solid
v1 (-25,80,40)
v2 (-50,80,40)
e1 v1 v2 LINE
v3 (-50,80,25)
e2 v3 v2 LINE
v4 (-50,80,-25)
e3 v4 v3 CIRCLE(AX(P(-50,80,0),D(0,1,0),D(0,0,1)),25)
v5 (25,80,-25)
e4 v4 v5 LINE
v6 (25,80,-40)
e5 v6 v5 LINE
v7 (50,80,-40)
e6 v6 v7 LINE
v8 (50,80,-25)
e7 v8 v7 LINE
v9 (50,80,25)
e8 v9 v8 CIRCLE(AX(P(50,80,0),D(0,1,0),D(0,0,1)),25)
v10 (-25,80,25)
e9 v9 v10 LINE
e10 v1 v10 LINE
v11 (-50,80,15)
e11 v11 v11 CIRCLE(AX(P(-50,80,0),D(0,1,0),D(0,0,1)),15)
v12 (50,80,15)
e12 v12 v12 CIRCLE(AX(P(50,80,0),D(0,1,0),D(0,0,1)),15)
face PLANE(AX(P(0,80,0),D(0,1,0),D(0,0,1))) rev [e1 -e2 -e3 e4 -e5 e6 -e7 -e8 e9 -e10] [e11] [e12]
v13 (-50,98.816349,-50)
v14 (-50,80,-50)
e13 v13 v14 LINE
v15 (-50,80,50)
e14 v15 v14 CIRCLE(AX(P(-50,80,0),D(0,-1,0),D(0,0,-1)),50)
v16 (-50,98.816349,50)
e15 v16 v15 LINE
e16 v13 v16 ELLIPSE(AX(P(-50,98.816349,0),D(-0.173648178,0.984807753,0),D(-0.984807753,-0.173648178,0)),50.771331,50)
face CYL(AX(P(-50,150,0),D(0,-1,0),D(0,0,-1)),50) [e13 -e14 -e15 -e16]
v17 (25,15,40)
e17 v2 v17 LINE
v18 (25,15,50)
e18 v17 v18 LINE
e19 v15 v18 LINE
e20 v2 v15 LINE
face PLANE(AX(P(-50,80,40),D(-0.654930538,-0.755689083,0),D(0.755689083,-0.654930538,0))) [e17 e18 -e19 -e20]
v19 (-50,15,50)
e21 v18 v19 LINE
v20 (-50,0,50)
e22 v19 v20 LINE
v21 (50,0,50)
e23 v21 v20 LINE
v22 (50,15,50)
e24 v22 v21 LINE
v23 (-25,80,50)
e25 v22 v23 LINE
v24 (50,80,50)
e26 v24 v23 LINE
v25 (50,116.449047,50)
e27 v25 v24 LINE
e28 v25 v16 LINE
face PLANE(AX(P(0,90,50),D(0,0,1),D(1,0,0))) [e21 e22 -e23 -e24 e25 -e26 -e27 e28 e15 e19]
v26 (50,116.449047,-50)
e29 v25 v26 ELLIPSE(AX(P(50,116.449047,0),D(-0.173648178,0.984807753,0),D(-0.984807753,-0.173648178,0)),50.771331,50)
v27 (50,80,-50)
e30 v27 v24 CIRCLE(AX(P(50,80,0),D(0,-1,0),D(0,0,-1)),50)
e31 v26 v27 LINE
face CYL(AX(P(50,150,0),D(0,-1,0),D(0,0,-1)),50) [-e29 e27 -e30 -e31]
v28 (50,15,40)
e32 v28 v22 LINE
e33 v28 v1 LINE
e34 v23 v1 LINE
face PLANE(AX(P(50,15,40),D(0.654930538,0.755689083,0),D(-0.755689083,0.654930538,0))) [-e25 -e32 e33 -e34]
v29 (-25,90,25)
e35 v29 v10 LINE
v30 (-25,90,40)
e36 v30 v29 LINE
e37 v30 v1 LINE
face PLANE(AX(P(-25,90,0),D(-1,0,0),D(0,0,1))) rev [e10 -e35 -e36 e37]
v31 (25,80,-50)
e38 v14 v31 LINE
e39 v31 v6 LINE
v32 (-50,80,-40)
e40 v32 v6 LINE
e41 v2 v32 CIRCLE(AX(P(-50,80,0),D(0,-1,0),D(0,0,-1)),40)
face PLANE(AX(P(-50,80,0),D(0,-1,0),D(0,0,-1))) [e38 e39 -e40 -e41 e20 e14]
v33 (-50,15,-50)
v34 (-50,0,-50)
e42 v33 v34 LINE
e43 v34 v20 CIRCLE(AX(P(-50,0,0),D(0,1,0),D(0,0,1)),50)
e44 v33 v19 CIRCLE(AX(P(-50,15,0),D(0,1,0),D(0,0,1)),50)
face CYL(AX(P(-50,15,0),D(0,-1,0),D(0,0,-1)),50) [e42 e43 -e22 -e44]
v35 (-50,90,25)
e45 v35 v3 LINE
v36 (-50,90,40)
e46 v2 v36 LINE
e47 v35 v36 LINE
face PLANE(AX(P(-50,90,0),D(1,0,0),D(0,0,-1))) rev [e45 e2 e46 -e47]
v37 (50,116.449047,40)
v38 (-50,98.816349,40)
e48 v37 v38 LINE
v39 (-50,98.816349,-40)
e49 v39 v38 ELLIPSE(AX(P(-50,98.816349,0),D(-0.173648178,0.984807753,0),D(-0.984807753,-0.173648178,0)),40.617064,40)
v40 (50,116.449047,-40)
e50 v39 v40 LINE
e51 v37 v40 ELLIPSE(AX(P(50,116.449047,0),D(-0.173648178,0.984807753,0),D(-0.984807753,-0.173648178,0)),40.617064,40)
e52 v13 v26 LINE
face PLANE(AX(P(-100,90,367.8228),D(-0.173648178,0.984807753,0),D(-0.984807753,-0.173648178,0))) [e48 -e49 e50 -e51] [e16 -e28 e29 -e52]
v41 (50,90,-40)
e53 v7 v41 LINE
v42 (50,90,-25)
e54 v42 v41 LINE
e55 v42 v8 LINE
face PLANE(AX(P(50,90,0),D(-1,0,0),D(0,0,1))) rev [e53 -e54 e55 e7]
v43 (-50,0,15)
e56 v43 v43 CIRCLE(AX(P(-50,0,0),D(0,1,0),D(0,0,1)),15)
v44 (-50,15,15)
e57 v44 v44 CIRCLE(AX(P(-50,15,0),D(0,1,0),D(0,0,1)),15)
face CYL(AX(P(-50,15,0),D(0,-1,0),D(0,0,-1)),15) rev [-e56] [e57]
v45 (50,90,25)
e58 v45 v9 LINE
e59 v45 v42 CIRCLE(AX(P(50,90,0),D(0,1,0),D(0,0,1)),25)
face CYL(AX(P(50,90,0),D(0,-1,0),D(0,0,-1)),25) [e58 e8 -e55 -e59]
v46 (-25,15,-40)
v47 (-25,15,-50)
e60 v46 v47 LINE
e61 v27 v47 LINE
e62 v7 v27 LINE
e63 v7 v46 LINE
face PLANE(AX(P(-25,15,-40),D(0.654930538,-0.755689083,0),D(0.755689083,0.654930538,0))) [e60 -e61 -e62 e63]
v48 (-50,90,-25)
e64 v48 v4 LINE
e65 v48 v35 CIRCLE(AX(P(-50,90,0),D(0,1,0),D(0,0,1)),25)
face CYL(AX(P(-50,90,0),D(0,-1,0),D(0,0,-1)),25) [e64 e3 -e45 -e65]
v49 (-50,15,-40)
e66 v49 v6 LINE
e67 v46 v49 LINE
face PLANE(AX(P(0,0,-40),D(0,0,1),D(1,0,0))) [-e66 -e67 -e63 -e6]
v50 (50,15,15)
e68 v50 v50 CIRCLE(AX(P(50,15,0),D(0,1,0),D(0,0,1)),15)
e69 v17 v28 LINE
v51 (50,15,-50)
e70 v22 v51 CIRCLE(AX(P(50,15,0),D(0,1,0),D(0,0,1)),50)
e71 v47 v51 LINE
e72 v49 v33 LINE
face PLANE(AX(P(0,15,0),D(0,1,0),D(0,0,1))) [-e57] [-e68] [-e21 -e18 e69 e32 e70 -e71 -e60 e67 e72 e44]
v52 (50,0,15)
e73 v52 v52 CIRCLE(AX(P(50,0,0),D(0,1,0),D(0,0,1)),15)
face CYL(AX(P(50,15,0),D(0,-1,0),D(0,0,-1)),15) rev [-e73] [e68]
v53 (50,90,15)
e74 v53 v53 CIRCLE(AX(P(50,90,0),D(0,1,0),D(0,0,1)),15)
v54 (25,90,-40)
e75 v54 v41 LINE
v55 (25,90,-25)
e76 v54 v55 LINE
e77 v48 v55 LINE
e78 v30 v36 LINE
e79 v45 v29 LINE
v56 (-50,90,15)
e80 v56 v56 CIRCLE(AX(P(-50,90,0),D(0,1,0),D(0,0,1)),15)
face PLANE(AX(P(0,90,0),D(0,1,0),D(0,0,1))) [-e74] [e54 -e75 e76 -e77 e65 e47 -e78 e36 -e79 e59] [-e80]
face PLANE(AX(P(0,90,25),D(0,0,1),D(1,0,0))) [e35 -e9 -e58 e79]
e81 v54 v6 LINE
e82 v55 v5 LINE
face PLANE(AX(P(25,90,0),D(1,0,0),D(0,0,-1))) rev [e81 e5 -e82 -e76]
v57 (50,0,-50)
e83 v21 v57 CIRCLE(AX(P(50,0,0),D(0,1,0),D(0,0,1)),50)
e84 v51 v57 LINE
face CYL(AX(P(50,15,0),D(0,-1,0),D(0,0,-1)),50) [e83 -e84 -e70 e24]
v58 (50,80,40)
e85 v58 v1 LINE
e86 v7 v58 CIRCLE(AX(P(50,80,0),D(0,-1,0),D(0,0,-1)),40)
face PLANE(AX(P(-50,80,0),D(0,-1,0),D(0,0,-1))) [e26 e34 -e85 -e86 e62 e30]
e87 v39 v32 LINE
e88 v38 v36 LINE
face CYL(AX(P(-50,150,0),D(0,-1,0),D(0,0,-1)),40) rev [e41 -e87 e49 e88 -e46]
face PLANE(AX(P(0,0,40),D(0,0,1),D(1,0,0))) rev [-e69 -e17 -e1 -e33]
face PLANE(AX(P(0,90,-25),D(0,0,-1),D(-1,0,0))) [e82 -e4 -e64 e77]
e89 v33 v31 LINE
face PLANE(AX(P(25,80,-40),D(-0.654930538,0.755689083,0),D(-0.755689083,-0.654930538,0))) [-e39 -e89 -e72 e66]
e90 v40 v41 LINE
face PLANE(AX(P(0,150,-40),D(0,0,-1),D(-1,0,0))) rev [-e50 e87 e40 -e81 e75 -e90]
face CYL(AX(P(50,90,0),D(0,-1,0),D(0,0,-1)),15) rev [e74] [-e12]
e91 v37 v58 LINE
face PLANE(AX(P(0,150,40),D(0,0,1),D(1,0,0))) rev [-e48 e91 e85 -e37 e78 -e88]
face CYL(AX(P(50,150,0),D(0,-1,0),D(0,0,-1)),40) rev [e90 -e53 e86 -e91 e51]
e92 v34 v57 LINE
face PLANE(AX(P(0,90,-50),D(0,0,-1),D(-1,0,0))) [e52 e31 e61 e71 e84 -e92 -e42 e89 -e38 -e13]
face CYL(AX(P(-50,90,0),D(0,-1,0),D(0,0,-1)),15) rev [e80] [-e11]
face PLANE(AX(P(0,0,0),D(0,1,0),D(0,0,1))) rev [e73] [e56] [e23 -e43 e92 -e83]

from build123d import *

# Parameters (mm, degrees)
BOSS_EXTRUDE1_START     = 80
SKETCH1_R               = 15
BOSS_EXTRUDE1_DEPTH     = 10
SKETCH1_3_R             = 15
BOSS_EXTRUDE2_DEPTH     = 15
BOSS_EXTRUDE3_DEPTH     = 10
BOSS_EXTRUDE4_DEPTH     = 10
BOSS_EXTRUDE6_DEPTH     = 60
CUT_EXTRUDE1_DEPTH      = 188.082869339
CUT_EXTRUDE1_DEPTH_BACK = 188.082869339
BOSS_EXTRUDE7_START     = 10
BOSS_EXTRUDE7_DEPTH     = 10


with BuildPart() as part:
    # Sketch1 → Boss-Extrude1 (new body)
    with BuildSketch(Plane(origin=(0, 0, 0), x_dir=(1, 0, 0), z_dir=(0, 1, 0)).offset(BOSS_EXTRUDE1_START)):
        with BuildLine():
            Line((50, 50), (25, 50))
            Line((25, 50), (25, 25))
            Line((25, 25), (-50, 25))
            ThreePointArc((-50, 25), (-75, 0), (-50, -25))
            Line((-50, -25), (-50, -50))
            Line((-50, -50), (-25, -50))
            Line((-25, -50), (-25, -25))
            Line((-25, -25), (50, -25))
            ThreePointArc((50, -25), (75, 0), (50, 25))
            Line((50, 25), (50, 50))
        make_face()
        with Locations((-50, 0)):
            Circle(SKETCH1_R, mode=Mode.SUBTRACT)
        with Locations((50, 0)):
            Circle(SKETCH1_R, mode=Mode.SUBTRACT)
    extrude(amount=BOSS_EXTRUDE1_DEPTH)



with BuildPart() as body_2:
    # Sketch1<3> → Boss-Extrude2 (new body)
    with BuildSketch(Plane(origin=(0, 0, 0), x_dir=(1, 0, 0), z_dir=(0, 1, 0))):
        with BuildLine():
            ThreePointArc((-50, 50), (-100, 0), (-50, -50))
            Line((-50, -50), (50, -50))
            ThreePointArc((50, -50), (100, 0), (50, 50))
            Line((50, 50), (-50, 50))
        make_face()
        with Locations((-50, 0)):
            Circle(SKETCH1_3_R, mode=Mode.SUBTRACT)
        with Locations((50, 0)):
            Circle(SKETCH1_3_R, mode=Mode.SUBTRACT)
    extrude(amount=BOSS_EXTRUDE2_DEPTH)


with BuildPart() as part_1:
    add(part.part)

    add(body_2.part)  # Boss-Extrude3 merges body 2
    # Sketch2 → Boss-Extrude3 (add)
    with BuildSketch(Plane.XY.offset(50)):
        Polygon((50, 15), (-25, 80), (-50, 80), (25, 15), align=None)
    extrude(amount=-BOSS_EXTRUDE3_DEPTH)

    # Sketch3 → Boss-Extrude4 (add)
    with BuildSketch(Plane(origin=(0, 0, -50), x_dir=(-1, 0, 0), z_dir=(0, 0, -1))):
        Polygon((-25, 80), (50, 15), (25, 15), (-50, 80), align=None)
    extrude(amount=-BOSS_EXTRUDE4_DEPTH)

    # Sketch4 → Boss-Extrude6 (add)
    with BuildSketch(Plane(origin=(0, 90, 0), x_dir=(1, 0, 0), z_dir=(0, 1, 0))):
        with BuildLine():
            ThreePointArc((50, -50), (100, 0), (50, 50))
            Line((50, 50), (-50, 50))
            ThreePointArc((-50, 50), (-100, 0), (-50, -50))
            Line((-50, -50), (50, -50))
        make_face()
        with BuildLine():
            Line((50, -40), (-50, -40))
            ThreePointArc((-50, -40), (-90, 0), (-50, 40))
            Line((-50, 40), (50, 40))
            ThreePointArc((50, 40), (90, 0), (50, -40))
        make_face(mode=Mode.SUBTRACT)
    extrude(amount=BOSS_EXTRUDE6_DEPTH)

    # Sketch6 → Cut-Extrude1 (cut, two sides: drawn at the far end of the back side and taken through both)
    with BuildSketch(Plane.XY.offset(-CUT_EXTRUDE1_DEPTH_BACK)):
        Polygon((-639.560936873, -5.139150907), (-100, 90), (134.669192778, 131.378510228), (674.230129651, 226.517661135), (483.951827837, 1305.639534881), (-829.839238687, 1073.982722839), align=None)
    extrude(amount=CUT_EXTRUDE1_DEPTH + CUT_EXTRUDE1_DEPTH_BACK, mode=Mode.SUBTRACT)

    # Sketch7 → Boss-Extrude7 (add)
    with BuildSketch(Plane.XZ.offset(-90).offset(BOSS_EXTRUDE7_START)):
        with BuildLine():
            Line((50, -50), (-50, -50))
            ThreePointArc((-50, -50), (-85.355339059, -35.355339059), (-100, 0))
            ThreePointArc((-100, 0), (-85.355339059, 35.355339059), (-50, 50))
            Line((-50, 50), (-27.684093833, 50))
            Line((-27.684093833, 50), (50, 50))
            ThreePointArc((50, 50), (100, 0), (50, -50))
        make_face()
        with BuildLine():
            Line((-50, -40), (50, -40))
            ThreePointArc((50, -40), (90, 0), (50, 40))
            Line((50, 40), (-50, 40))
            ThreePointArc((-50, 40), (-90, 0), (-50, -40))
        make_face(mode=Mode.SUBTRACT)
    extrude(amount=-BOSS_EXTRUDE7_DEPTH)


solid = part_1.part
